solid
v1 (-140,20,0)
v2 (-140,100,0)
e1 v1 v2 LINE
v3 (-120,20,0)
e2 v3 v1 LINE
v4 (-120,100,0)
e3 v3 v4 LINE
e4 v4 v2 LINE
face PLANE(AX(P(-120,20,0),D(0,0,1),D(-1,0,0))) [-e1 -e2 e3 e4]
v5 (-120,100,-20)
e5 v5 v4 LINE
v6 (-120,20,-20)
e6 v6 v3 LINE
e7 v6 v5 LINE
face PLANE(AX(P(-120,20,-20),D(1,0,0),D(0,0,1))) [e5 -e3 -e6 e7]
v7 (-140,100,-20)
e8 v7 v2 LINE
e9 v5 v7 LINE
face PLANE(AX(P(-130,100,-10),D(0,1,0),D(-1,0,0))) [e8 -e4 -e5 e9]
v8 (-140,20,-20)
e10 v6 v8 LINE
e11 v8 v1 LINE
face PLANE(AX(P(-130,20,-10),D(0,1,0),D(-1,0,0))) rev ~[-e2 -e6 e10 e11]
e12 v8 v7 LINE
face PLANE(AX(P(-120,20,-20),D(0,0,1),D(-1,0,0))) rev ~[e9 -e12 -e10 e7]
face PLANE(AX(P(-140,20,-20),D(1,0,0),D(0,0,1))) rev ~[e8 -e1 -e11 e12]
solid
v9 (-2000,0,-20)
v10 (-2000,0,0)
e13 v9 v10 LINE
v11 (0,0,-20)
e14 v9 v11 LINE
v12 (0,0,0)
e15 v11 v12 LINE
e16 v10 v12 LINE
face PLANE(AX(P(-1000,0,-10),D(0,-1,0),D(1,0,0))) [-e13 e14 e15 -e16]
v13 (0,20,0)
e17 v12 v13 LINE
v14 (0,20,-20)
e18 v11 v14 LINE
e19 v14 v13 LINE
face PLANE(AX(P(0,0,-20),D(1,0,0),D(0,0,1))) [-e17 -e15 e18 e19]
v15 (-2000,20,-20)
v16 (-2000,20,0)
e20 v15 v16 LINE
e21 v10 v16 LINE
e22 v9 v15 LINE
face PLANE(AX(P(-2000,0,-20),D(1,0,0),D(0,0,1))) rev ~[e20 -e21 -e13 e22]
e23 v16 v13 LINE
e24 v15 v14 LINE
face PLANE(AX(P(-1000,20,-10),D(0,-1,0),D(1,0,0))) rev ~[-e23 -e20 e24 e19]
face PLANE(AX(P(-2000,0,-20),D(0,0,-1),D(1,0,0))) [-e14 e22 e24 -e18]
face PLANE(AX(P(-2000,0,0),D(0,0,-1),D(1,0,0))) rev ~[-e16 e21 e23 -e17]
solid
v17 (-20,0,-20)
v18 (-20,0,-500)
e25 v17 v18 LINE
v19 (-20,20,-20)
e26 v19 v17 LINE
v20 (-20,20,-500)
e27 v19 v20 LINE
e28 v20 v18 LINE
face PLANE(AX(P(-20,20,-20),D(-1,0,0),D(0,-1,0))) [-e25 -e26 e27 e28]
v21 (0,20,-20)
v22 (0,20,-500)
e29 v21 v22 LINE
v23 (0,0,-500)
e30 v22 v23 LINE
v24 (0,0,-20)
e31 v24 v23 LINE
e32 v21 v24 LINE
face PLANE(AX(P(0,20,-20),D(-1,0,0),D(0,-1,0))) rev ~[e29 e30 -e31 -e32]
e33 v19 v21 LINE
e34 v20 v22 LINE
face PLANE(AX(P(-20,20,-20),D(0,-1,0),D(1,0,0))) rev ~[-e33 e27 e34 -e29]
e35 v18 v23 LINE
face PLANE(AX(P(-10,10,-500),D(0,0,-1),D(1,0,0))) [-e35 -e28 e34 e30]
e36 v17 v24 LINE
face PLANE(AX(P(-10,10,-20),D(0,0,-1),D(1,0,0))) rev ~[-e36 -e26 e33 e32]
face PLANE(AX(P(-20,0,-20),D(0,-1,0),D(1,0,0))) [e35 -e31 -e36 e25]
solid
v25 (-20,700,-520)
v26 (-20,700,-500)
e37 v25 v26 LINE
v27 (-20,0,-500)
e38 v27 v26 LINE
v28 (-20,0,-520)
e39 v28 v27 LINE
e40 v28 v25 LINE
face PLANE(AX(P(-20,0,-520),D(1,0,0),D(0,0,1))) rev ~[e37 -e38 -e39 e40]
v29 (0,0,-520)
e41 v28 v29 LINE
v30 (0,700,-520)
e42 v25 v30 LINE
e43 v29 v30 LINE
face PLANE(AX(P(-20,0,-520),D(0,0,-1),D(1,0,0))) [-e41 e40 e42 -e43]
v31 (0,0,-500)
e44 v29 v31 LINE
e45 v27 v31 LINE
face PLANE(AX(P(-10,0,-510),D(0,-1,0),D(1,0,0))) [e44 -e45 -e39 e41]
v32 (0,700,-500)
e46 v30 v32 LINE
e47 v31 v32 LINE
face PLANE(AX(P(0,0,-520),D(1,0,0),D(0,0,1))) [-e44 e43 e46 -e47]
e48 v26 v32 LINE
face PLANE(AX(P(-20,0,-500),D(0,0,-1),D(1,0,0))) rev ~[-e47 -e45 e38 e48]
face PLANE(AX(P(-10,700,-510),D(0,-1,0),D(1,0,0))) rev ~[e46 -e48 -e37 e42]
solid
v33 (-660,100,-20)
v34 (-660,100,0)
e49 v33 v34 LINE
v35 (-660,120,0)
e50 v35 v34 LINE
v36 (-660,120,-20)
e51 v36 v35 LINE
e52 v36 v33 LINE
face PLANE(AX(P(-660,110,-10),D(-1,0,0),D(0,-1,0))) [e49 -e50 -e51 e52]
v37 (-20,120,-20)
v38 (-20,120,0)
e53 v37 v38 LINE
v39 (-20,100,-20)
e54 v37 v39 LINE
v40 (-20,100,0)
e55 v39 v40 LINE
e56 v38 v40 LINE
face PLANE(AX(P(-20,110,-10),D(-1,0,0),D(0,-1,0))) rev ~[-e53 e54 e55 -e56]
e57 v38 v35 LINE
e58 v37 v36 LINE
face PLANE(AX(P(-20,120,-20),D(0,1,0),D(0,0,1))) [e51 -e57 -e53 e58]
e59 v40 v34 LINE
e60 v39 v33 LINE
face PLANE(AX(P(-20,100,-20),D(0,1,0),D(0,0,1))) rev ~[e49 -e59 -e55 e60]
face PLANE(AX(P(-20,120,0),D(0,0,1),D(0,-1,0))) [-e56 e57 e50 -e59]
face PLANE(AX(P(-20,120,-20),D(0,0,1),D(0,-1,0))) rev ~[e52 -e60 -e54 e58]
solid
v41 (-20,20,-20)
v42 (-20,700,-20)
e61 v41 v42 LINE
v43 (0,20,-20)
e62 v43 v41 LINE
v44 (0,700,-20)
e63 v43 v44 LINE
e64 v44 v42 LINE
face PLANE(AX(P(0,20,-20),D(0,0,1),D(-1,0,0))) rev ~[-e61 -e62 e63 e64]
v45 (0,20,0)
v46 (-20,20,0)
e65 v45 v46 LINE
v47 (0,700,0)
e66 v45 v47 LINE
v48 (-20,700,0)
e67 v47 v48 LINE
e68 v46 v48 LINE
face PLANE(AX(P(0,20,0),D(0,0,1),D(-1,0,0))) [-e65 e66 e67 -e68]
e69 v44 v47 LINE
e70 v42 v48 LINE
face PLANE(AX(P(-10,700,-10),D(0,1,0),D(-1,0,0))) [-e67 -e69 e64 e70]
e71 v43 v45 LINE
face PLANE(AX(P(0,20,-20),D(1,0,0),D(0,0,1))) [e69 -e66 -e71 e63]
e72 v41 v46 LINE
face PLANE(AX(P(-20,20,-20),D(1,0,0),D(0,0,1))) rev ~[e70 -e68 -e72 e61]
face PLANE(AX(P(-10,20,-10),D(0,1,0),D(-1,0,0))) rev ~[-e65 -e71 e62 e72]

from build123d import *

# Parameters (mm, degrees)
F0_W      = 2000
F0_H      = 20
F1_DEPTH  = 20
F2_W      = 20
F2_H      = 20
F3_DEPTH  = 680
F4_W      = 20
F4_H      = 20
F5_DEPTH  = 480
F6_W      = 20
F6_H      = 20
F7_DEPTH  = 700
F8_W      = 20
F8_H      = 20
F9_DEPTH  = 640
F10_W     = 20
F10_H     = 20
F11_DEPTH = 80


with BuildPart() as f1:
    # F0 (on Front) → F1 (new body)
    with BuildSketch(Plane.XZ):
        with Locations((-1000, -10)):
            Rectangle(F0_W, F0_H)
    extrude(amount=-F1_DEPTH)


with BuildPart() as f3:
    # F2 (on face) → F3 (new body)
    with BuildSketch(Plane(origin=(0, 20, 0), x_dir=(-1, 0, 0), z_dir=(0, 1, 0))):
        with Locations((10, -10)):
            Rectangle(F2_W, F2_H)
    extrude(amount=F3_DEPTH)


with BuildPart() as f5:
    # F4 (on face) → F5 (new body)
    with BuildSketch(Plane(origin=(0, 0, -20), x_dir=(1, 0, 0), z_dir=(0, 0, -1))):
        with Locations((-10, -10)):
            Rectangle(F4_W, F4_H)
    extrude(amount=F5_DEPTH)


with BuildPart() as f7:
    # F6 (on face) → F7 (new body, through all)
    with BuildSketch(Plane.XZ):
        with Locations((-10, -510)):
            Rectangle(F6_W, F6_H)
    extrude(amount=-F7_DEPTH)


with BuildPart() as f9:
    # F8 (on face) → F9 (new body)
    with BuildSketch(Plane(origin=(-20, 0, 0), x_dir=(0, -1, 0), z_dir=(-1, 0, 0))):
        with Locations((-110, -10)):
            Rectangle(F8_W, F8_H)
    extrude(amount=F9_DEPTH)


with BuildPart() as f11:
    # F10 (on face) → F11 (new body, through all)
    with BuildSketch(Plane(origin=(0, 20, 0), x_dir=(-1, 0, 0), z_dir=(0, 1, 0))):
        with Locations((130, -10)):
            Rectangle(F10_W, F10_H)
    extrude(amount=F11_DEPTH)


solid = Compound([f1.part, f3.part, f5.part, f7.part, f9.part, f11.part])
